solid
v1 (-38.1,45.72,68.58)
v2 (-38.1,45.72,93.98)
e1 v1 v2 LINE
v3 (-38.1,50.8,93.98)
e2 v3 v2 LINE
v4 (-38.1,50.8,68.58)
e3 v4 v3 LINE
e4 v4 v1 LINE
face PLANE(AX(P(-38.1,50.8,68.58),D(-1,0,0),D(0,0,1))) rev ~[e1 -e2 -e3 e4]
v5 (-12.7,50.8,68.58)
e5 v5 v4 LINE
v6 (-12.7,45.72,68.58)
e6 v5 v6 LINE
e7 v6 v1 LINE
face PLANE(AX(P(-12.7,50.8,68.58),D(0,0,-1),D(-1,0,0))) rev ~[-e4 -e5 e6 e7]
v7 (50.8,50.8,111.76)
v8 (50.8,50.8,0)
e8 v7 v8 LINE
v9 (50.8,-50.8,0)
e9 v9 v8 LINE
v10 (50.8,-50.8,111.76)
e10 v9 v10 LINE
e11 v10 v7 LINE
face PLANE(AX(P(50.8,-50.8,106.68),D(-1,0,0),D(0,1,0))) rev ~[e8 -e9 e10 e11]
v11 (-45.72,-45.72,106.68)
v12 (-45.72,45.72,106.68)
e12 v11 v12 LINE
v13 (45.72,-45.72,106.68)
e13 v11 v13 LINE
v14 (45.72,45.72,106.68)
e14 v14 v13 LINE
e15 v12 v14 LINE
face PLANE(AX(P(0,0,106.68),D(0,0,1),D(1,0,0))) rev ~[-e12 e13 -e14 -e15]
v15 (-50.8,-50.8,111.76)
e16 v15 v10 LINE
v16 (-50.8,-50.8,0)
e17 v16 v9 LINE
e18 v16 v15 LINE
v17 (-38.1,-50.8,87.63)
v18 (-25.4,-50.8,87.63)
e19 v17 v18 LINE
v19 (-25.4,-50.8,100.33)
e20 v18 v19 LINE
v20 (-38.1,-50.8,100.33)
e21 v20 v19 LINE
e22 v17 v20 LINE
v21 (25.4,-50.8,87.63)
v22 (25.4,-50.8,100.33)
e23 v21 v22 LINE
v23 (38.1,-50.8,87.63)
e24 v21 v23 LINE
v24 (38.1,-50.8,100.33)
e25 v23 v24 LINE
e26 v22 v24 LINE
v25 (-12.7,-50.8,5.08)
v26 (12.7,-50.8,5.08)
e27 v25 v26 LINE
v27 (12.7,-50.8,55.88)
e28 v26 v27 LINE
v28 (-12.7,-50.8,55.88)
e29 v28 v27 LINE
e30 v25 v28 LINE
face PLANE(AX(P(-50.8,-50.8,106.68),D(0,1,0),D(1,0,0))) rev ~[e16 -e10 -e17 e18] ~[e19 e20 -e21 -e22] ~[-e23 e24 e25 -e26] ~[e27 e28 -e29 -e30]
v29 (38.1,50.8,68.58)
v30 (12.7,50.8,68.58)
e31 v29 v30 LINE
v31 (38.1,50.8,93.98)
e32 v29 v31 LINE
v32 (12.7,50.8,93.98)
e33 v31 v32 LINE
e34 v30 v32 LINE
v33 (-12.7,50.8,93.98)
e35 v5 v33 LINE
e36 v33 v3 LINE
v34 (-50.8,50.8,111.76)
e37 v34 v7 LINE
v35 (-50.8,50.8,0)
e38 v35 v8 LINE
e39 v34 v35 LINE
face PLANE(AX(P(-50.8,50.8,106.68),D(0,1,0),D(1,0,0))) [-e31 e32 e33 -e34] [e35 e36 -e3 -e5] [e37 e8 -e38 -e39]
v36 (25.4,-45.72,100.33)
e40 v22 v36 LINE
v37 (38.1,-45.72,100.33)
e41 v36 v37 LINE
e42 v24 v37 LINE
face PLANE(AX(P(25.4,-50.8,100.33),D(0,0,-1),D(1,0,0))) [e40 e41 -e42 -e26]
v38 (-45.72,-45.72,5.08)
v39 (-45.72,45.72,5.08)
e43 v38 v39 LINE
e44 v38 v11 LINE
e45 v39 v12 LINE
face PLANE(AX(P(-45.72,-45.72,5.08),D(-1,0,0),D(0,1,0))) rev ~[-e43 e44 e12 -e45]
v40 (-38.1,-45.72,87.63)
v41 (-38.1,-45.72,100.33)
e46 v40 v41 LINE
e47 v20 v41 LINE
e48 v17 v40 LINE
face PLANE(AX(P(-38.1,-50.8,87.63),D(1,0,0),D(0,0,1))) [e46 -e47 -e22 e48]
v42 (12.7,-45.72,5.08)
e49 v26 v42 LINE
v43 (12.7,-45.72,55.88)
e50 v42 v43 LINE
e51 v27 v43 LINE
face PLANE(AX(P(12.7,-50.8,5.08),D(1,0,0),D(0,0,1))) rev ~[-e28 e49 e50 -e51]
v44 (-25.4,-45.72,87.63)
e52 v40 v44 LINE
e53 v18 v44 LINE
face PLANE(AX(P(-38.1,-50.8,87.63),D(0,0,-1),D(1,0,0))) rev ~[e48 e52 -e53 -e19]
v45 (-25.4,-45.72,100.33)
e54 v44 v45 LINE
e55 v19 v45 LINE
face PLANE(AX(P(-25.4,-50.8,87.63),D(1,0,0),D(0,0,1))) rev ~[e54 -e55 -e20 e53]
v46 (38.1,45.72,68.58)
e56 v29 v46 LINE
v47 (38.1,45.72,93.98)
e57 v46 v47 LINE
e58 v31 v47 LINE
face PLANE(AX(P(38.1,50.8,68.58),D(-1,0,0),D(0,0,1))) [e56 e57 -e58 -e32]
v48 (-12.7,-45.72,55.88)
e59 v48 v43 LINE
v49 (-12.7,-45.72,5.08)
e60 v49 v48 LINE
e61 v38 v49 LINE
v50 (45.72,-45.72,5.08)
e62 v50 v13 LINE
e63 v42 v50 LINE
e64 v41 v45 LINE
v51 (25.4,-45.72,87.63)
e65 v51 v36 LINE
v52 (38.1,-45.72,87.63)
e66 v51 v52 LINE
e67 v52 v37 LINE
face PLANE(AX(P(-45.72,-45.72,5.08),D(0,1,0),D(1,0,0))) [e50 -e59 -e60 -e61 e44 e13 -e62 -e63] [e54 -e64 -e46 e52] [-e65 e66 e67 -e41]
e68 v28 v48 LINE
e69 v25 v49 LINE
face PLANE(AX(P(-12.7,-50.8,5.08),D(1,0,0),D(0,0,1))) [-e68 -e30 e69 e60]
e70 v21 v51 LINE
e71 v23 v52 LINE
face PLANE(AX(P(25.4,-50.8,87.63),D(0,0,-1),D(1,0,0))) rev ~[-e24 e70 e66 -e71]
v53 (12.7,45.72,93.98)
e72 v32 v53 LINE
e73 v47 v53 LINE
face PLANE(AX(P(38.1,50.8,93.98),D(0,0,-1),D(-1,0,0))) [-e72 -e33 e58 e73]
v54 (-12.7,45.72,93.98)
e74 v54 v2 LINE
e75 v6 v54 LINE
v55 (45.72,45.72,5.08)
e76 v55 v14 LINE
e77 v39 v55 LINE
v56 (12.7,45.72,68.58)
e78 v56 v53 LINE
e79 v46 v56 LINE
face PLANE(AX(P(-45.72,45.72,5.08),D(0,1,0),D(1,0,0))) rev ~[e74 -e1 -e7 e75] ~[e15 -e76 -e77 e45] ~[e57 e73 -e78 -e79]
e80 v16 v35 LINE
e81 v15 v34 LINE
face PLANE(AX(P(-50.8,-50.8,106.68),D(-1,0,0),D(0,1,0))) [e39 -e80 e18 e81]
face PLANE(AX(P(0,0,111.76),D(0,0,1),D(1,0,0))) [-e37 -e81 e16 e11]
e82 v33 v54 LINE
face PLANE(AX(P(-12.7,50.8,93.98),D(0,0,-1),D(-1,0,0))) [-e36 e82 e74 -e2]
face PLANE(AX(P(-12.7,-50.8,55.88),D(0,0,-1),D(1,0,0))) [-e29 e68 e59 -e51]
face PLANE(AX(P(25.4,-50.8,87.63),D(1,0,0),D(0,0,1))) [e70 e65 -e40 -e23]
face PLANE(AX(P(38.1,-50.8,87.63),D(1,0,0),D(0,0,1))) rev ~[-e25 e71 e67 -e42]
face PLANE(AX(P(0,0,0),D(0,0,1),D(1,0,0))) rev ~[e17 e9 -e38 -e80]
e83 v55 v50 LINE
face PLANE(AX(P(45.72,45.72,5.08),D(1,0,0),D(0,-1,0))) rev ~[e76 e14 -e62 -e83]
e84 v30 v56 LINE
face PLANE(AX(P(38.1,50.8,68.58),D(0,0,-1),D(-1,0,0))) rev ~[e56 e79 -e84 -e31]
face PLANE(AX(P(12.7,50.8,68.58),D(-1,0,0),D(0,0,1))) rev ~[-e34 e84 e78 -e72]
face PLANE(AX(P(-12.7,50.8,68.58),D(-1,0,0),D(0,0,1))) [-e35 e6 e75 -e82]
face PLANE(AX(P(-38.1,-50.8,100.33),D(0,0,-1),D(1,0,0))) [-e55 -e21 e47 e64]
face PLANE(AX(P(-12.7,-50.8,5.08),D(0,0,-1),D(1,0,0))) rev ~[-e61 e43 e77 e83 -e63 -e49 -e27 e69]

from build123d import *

# Parameters (mm, degrees)
F0_W     = 101.6
F0_H     = 101.6
F1_DEPTH = 5.08
F2_W     = 91.44
F2_H     = 5.08
F3_DEPTH = 101.6
F4_W     = 25.4
F4_H     = 50.8
F4_W_2   = 12.7
F4_H_2   = 12.7
F5_DEPTH = 5.08
F6_W     = 25.4
F6_H     = 25.4
F7_DEPTH = 5.08
F8_W     = 101.6
F8_H     = 101.6
F9_DEPTH = 5.08


with BuildPart() as f1:
    # F0 (on Top) → F1 (new body)
    with BuildSketch(Plane.XY):
        Rectangle(F0_W, F0_H)
    extrude(amount=F1_DEPTH)

    # F2 (on face) → F3 (join)
    with BuildSketch(Plane.XY.offset(5.08)):
        Polygon((-45.72, 50.8), (-50.8, 50.8), (-50.8, -50.8), (-45.72, -50.8), (-45.72, -45.72), (-45.72, 45.72), align=None)
        with Locations((0, 48.26)):
            Rectangle(F2_W, F2_H)
        Polygon((50.8, 50.8), (45.72, 50.8), (45.72, 45.72), (45.72, -45.72), (45.72, -50.8), (50.8, -50.8), align=None)
        with Locations((0, -48.26)):
            Rectangle(F2_W, F2_H)
    extrude(amount=F3_DEPTH)

    # F4 (on face) → F5 (cut, through all)
    with BuildSketch(Plane.XZ.offset(50.8)):
        with Locations((0, 30.48)):
            Rectangle(F4_W, F4_H)
        with Locations((-31.75, 93.98)):
            Rectangle(F4_W_2, F4_H_2)
        with Locations((31.75, 93.98)):
            Rectangle(F4_W_2, F4_H_2)
    extrude(amount=-F5_DEPTH, mode=Mode.SUBTRACT)

    # F6 (on face) → F7 (cut, through all)
    with BuildSketch(Plane(origin=(0, 50.8, 0), x_dir=(-1, 0, 0), z_dir=(0, 1, 0))):
        with Locations((-25.4, 81.28)):
            Rectangle(F6_W, F6_H)
        with Locations((25.4, 81.28)):
            Rectangle(F6_W, F6_H)
    extrude(amount=-F7_DEPTH, mode=Mode.SUBTRACT)

    # F8 (on face) → F9 (join)
    with BuildSketch(Plane.XY.offset(106.68)):
        Rectangle(F8_W, F8_H)
    extrude(amount=F9_DEPTH)


solid = f1.part
